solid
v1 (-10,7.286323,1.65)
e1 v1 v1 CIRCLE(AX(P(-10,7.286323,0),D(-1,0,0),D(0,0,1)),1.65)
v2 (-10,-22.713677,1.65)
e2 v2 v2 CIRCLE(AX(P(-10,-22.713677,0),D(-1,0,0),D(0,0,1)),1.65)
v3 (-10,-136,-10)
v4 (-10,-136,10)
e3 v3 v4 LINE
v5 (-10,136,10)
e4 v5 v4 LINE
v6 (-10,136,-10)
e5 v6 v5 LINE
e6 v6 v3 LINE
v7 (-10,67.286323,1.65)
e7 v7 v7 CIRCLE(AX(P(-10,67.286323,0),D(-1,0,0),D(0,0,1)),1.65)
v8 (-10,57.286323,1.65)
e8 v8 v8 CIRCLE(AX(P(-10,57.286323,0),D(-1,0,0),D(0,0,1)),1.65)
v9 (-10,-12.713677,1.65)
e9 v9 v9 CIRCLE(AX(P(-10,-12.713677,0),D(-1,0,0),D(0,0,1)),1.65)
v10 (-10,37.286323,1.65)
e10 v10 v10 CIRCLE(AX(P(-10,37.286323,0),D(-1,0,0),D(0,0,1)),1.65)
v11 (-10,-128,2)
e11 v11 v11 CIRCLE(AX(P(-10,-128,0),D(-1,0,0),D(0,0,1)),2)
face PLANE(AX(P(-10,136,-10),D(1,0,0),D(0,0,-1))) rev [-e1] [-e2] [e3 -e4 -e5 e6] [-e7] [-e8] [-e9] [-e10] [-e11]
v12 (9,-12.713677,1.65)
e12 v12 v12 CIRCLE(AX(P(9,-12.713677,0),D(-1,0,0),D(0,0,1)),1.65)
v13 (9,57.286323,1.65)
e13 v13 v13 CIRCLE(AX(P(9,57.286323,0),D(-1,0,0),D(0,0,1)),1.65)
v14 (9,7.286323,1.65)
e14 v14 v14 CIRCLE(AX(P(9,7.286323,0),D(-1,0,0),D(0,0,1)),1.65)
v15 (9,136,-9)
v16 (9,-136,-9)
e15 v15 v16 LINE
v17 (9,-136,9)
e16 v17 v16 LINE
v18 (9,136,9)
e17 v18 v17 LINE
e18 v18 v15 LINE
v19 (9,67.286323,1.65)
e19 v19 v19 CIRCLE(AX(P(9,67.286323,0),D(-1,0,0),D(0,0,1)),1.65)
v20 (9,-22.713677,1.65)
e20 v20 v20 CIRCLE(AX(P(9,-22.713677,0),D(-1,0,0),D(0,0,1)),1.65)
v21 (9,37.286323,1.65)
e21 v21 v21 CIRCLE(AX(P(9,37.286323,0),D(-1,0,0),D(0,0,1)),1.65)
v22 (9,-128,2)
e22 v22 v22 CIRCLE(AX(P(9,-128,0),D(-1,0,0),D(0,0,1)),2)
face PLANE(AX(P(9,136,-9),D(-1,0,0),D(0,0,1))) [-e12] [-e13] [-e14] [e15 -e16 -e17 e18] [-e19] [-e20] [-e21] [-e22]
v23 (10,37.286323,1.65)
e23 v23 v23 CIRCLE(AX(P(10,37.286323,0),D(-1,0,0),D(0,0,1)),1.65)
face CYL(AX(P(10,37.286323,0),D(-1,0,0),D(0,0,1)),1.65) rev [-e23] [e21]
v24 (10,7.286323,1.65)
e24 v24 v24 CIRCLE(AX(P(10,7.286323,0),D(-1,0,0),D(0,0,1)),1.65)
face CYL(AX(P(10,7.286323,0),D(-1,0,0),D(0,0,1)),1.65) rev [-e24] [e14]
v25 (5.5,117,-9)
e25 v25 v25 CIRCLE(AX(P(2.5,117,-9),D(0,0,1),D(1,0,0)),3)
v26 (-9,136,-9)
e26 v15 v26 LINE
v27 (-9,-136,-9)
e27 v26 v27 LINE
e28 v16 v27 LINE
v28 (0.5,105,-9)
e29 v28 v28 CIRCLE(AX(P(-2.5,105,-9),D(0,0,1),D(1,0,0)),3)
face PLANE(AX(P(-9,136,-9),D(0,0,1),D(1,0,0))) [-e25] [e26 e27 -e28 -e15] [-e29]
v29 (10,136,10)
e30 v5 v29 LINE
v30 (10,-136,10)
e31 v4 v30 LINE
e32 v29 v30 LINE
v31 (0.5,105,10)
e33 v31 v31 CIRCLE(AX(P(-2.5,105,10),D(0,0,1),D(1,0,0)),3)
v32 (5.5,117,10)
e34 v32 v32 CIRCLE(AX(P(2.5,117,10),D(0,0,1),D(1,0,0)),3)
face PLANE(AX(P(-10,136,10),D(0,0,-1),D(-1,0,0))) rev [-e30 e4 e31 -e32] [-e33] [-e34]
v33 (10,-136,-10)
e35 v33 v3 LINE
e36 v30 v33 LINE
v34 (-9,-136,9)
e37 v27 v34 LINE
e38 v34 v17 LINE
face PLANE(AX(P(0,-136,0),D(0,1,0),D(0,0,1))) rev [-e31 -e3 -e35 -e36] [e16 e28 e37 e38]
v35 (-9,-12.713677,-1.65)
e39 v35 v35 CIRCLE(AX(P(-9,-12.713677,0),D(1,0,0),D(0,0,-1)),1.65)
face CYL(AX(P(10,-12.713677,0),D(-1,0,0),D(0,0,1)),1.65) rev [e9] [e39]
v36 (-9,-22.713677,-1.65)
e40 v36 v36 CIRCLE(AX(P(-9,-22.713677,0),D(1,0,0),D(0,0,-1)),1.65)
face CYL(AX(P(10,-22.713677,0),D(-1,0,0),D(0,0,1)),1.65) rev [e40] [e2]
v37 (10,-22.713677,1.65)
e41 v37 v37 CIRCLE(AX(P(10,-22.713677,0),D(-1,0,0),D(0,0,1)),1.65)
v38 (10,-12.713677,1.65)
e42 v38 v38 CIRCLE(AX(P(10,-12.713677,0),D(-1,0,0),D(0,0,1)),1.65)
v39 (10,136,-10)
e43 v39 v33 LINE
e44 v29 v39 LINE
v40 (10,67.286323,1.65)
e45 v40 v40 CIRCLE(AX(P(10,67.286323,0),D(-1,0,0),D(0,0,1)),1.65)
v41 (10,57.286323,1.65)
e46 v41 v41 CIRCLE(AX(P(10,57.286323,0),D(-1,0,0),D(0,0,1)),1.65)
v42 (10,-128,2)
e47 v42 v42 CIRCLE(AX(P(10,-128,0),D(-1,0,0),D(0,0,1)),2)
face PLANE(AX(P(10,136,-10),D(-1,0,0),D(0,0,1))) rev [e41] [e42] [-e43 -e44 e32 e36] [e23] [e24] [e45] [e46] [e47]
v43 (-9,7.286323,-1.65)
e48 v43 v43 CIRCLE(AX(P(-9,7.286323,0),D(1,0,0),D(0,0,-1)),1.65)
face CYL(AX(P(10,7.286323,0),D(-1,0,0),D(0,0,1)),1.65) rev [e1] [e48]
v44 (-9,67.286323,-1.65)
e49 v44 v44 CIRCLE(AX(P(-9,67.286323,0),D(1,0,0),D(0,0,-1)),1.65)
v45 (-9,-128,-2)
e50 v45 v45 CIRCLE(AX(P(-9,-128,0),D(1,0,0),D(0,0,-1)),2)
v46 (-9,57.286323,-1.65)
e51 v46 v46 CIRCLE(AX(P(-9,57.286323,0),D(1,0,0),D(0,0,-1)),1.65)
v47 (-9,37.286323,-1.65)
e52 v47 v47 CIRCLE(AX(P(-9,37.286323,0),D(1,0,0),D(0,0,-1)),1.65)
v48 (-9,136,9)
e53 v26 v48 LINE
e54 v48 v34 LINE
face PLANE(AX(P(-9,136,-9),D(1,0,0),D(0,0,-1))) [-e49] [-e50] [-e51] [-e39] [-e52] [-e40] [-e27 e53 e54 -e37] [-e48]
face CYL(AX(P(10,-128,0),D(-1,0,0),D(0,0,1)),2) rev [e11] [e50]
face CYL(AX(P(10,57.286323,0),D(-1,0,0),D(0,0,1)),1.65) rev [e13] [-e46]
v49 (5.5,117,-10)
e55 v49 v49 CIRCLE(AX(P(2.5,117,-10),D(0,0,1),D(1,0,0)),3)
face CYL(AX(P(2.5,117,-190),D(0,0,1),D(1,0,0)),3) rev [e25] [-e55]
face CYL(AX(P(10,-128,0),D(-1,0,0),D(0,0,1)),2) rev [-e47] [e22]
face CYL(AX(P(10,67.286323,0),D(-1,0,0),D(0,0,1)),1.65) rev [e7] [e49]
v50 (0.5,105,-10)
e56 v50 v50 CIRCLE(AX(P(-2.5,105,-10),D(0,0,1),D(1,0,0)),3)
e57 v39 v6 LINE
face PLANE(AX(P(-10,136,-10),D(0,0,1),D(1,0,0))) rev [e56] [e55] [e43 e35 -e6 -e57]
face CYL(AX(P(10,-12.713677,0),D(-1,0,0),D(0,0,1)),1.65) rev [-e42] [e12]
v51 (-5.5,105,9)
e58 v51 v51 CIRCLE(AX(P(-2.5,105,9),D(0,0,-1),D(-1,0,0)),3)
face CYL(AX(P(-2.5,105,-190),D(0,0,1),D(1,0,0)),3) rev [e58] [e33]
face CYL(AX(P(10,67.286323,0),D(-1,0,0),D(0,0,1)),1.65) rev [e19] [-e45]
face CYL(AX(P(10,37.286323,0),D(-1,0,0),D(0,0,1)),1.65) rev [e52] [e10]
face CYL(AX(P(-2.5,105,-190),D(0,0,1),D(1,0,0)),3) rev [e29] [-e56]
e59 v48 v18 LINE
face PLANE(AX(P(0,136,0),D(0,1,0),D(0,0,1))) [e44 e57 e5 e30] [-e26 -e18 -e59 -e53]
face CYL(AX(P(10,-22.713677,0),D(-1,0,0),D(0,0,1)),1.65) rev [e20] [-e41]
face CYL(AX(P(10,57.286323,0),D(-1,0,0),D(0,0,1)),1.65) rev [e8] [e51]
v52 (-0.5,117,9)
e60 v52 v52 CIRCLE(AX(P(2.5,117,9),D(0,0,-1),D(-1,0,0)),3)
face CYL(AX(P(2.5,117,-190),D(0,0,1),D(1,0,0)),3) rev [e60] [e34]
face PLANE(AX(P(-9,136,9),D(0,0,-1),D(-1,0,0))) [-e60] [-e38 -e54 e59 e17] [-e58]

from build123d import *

# Parameters (mm, degrees)
SKETCH_1_W          = 20
SKETCH_1_H          = 20
SKETCH_1_W_2        = 18
SKETCH_1_H_2        = 18
EXTRUDE_1_DEPTH     = 136
SKETCH_2_R          = 3
CUT_EXTRUDE_1_DEPTH = 200
SKETCH_3_R          = 2
SKETCH_3_R_2        = 1.65
CUT_EXTRUDE_2_DEPTH = 138.825977232


with BuildPart() as part:
    # 草图1 → 凸台-拉伸1 (new, symmetric)
    with BuildSketch(Plane(origin=(0, 0, 0), x_dir=(1, 0, 0), z_dir=(0, 1, 0))):
        Rectangle(SKETCH_1_W, SKETCH_1_H)
        Rectangle(SKETCH_1_W_2, SKETCH_1_H_2, mode=Mode.SUBTRACT)
    extrude(amount=EXTRUDE_1_DEPTH, both=True)

    # 草图2 → 切除-拉伸1 (cut)
    with BuildSketch(Plane.XY.offset(10)):
        with Locations((-2.5, 105)):
            Circle(SKETCH_2_R)
        with Locations((2.5, 117)):
            Circle(SKETCH_2_R)
    extrude(amount=-CUT_EXTRUDE_1_DEPTH, mode=Mode.SUBTRACT)

    # 草图3 → 切除-拉伸2 (cut, through all)
    with BuildSketch(Plane.ZY.offset(10)):
        with Locations((0, -128)):
            Circle(SKETCH_3_R)
        with Locations((0, 57.2863231)):
            Circle(SKETCH_3_R_2)
        with Locations((0, 67.2863231)):
            Circle(SKETCH_3_R_2)
        with Locations((0, -12.7136769)):
            Circle(SKETCH_3_R_2)
        with Locations((0, -22.7136769)):
            Circle(SKETCH_3_R_2)
        with Locations((0, 37.2863231)):
            Circle(SKETCH_3_R_2)
        with Locations((0, 7.2863231)):
            Circle(SKETCH_3_R_2)
    extrude(amount=-CUT_EXTRUDE_2_DEPTH, mode=Mode.SUBTRACT)


solid = part.part
